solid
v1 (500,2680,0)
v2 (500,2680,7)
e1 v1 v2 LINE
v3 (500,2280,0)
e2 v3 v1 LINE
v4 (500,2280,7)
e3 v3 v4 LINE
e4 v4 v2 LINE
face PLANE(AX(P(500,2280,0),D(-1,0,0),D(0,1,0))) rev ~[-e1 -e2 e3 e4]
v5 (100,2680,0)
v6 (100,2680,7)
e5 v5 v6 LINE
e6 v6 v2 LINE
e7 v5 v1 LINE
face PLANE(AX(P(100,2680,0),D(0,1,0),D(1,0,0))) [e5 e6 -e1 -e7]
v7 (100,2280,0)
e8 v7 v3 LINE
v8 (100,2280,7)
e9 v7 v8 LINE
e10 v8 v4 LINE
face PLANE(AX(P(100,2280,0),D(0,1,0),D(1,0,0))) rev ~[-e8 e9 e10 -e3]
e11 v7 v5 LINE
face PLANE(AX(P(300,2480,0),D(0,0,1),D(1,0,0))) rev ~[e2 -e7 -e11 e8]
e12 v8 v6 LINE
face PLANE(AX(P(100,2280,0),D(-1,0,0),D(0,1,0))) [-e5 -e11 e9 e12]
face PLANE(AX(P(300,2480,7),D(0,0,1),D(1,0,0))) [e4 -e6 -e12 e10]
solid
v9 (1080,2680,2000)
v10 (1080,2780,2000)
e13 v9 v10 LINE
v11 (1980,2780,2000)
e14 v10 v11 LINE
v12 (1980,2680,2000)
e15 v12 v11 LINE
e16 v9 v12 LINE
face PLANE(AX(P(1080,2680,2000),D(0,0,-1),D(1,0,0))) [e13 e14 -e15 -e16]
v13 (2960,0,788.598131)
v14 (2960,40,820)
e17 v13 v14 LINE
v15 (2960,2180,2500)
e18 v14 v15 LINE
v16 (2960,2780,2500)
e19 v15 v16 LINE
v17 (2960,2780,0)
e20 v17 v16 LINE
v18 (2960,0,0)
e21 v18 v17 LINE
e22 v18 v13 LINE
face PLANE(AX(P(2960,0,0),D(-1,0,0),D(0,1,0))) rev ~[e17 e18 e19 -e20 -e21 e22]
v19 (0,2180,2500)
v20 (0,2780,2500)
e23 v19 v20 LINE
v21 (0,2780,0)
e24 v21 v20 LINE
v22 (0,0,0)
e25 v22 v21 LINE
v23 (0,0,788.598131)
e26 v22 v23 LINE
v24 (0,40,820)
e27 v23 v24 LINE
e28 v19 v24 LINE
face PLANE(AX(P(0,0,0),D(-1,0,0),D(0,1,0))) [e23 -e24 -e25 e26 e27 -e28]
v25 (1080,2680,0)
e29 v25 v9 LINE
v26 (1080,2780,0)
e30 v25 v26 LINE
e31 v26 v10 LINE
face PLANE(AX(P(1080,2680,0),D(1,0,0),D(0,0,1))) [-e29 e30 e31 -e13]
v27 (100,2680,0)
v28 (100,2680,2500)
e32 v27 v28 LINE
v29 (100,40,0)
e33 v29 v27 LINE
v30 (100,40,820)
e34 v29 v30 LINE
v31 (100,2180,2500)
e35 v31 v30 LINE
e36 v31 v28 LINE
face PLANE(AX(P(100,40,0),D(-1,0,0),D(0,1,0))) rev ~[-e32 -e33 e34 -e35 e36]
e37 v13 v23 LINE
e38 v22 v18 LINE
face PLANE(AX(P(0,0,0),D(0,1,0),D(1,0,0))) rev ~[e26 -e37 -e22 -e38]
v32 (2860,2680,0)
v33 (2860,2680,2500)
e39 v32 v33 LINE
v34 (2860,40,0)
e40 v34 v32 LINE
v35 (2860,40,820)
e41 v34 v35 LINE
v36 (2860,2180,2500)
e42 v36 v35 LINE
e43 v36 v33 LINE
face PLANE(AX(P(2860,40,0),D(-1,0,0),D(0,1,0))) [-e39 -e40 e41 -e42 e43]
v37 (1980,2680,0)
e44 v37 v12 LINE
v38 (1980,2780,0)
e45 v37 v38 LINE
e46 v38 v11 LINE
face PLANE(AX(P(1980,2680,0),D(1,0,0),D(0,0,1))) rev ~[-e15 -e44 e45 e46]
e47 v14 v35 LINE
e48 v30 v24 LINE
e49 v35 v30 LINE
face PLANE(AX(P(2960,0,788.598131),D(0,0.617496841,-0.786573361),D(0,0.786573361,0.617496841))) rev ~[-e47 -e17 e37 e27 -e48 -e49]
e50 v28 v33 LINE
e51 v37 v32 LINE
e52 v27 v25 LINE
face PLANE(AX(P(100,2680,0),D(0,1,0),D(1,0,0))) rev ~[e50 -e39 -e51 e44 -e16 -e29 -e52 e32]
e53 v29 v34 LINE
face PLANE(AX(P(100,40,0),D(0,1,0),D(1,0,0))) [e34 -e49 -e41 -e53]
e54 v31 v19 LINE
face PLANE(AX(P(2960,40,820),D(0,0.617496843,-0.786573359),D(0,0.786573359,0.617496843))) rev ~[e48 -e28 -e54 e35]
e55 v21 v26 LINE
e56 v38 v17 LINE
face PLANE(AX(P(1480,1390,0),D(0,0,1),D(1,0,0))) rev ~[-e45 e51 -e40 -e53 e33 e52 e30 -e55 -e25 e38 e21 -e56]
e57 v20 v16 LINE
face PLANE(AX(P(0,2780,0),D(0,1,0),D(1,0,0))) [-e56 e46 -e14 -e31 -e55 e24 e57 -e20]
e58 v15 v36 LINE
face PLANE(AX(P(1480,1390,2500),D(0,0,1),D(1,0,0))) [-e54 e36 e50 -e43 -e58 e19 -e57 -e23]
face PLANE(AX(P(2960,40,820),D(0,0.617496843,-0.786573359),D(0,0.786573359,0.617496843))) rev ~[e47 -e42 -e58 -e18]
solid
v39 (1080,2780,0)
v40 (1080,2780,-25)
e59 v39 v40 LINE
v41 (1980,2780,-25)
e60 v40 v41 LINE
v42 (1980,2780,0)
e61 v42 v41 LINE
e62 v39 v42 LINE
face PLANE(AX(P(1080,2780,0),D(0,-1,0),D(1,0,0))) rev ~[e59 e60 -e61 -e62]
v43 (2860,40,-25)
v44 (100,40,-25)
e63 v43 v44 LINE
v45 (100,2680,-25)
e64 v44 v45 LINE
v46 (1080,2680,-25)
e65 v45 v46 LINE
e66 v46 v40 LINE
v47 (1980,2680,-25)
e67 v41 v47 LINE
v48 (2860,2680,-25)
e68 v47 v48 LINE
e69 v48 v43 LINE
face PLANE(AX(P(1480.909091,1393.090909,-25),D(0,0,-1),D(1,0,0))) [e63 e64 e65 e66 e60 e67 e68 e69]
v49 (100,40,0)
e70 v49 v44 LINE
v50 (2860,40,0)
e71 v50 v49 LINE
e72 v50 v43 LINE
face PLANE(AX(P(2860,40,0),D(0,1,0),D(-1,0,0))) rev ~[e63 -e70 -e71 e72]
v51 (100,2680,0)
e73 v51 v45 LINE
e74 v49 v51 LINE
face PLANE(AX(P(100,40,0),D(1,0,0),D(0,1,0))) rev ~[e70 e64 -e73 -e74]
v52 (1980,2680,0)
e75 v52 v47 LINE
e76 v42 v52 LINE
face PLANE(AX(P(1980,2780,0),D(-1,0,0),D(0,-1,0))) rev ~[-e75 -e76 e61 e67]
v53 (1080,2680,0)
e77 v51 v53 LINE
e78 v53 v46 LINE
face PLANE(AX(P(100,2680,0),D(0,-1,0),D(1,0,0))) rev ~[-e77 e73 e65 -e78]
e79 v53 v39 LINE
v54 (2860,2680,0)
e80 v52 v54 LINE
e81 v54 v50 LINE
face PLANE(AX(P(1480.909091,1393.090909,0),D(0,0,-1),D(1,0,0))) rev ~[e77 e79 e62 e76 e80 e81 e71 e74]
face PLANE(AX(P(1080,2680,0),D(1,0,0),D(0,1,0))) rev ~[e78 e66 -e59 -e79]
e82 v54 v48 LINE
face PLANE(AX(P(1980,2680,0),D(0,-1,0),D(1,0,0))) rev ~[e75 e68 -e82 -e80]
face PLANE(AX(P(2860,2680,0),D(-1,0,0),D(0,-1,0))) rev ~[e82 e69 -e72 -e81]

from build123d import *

# Parameters (mm, degrees)
F0_W      = 2960
F0_H      = 2780
F0_W_2    = 2760
F0_H_2    = 2640
F1_DEPTH  = 2500
F2_W      = 900
F2_H      = 2000
F3_DEPTH  = 100
F5_DEPTH  = 25
F7_DEPTH  = 2960.001
F8_DEPTH  = 2960
F9_W      = 400
F9_H      = 400
F10_DEPTH = 7


with BuildPart() as f1:
    # F0 (on Top) → F1 (new body)
    with BuildSketch(Plane.XY):
        with Locations((1480, 1390)):
            Rectangle(F0_W, F0_H)
        with Locations((1480, 1360)):
            Rectangle(F0_W_2, F0_H_2, mode=Mode.SUBTRACT)
    extrude(amount=F1_DEPTH)

    # F2 (on face) → F3 (cut, through all)
    with BuildSketch(Plane.XZ.offset(-2680)):
        with Locations((1530, 1000)):
            Rectangle(F2_W, F2_H)
    extrude(amount=-F3_DEPTH, mode=Mode.SUBTRACT)

    # F6 (on face) → F7 (cut, through all)
    with BuildSketch(Plane.YZ.offset(2960)):
        Polygon((0, 2500), (0, 820), (40, 820), (2180, 2500), align=None)
    extrude(amount=-F7_DEPTH, mode=Mode.SUBTRACT)

    # F6 (on face) → F8 (cut, through all)
    with BuildSketch(Plane.YZ.offset(2960)):
        Polygon((40, 820), (0, 820), (0, 788.598131), align=None)
    extrude(amount=-F8_DEPTH, mode=Mode.SUBTRACT)


with BuildPart() as f5:
    # F4 (on face) → F5 (new body)
    with BuildSketch(Plane(origin=(0, 0, 0), x_dir=(1, 0, 0), z_dir=(0, 0, -1))):
        Polygon((1080, -2680), (1080, -2780), (1980, -2780), (1980, -2680), (2860, -2680), (2860, -40), (100, -40), (100, -2680), align=None)
    extrude(amount=F5_DEPTH)


with BuildPart() as f10:
    # F9 (on face) → F10 (new body)
    with BuildSketch(Plane.XY):
        with Locations((300, 2480)):
            Rectangle(F9_W, F9_H)
    extrude(amount=F10_DEPTH)


solid = Compound([f1.part, f5.part, f10.part])
